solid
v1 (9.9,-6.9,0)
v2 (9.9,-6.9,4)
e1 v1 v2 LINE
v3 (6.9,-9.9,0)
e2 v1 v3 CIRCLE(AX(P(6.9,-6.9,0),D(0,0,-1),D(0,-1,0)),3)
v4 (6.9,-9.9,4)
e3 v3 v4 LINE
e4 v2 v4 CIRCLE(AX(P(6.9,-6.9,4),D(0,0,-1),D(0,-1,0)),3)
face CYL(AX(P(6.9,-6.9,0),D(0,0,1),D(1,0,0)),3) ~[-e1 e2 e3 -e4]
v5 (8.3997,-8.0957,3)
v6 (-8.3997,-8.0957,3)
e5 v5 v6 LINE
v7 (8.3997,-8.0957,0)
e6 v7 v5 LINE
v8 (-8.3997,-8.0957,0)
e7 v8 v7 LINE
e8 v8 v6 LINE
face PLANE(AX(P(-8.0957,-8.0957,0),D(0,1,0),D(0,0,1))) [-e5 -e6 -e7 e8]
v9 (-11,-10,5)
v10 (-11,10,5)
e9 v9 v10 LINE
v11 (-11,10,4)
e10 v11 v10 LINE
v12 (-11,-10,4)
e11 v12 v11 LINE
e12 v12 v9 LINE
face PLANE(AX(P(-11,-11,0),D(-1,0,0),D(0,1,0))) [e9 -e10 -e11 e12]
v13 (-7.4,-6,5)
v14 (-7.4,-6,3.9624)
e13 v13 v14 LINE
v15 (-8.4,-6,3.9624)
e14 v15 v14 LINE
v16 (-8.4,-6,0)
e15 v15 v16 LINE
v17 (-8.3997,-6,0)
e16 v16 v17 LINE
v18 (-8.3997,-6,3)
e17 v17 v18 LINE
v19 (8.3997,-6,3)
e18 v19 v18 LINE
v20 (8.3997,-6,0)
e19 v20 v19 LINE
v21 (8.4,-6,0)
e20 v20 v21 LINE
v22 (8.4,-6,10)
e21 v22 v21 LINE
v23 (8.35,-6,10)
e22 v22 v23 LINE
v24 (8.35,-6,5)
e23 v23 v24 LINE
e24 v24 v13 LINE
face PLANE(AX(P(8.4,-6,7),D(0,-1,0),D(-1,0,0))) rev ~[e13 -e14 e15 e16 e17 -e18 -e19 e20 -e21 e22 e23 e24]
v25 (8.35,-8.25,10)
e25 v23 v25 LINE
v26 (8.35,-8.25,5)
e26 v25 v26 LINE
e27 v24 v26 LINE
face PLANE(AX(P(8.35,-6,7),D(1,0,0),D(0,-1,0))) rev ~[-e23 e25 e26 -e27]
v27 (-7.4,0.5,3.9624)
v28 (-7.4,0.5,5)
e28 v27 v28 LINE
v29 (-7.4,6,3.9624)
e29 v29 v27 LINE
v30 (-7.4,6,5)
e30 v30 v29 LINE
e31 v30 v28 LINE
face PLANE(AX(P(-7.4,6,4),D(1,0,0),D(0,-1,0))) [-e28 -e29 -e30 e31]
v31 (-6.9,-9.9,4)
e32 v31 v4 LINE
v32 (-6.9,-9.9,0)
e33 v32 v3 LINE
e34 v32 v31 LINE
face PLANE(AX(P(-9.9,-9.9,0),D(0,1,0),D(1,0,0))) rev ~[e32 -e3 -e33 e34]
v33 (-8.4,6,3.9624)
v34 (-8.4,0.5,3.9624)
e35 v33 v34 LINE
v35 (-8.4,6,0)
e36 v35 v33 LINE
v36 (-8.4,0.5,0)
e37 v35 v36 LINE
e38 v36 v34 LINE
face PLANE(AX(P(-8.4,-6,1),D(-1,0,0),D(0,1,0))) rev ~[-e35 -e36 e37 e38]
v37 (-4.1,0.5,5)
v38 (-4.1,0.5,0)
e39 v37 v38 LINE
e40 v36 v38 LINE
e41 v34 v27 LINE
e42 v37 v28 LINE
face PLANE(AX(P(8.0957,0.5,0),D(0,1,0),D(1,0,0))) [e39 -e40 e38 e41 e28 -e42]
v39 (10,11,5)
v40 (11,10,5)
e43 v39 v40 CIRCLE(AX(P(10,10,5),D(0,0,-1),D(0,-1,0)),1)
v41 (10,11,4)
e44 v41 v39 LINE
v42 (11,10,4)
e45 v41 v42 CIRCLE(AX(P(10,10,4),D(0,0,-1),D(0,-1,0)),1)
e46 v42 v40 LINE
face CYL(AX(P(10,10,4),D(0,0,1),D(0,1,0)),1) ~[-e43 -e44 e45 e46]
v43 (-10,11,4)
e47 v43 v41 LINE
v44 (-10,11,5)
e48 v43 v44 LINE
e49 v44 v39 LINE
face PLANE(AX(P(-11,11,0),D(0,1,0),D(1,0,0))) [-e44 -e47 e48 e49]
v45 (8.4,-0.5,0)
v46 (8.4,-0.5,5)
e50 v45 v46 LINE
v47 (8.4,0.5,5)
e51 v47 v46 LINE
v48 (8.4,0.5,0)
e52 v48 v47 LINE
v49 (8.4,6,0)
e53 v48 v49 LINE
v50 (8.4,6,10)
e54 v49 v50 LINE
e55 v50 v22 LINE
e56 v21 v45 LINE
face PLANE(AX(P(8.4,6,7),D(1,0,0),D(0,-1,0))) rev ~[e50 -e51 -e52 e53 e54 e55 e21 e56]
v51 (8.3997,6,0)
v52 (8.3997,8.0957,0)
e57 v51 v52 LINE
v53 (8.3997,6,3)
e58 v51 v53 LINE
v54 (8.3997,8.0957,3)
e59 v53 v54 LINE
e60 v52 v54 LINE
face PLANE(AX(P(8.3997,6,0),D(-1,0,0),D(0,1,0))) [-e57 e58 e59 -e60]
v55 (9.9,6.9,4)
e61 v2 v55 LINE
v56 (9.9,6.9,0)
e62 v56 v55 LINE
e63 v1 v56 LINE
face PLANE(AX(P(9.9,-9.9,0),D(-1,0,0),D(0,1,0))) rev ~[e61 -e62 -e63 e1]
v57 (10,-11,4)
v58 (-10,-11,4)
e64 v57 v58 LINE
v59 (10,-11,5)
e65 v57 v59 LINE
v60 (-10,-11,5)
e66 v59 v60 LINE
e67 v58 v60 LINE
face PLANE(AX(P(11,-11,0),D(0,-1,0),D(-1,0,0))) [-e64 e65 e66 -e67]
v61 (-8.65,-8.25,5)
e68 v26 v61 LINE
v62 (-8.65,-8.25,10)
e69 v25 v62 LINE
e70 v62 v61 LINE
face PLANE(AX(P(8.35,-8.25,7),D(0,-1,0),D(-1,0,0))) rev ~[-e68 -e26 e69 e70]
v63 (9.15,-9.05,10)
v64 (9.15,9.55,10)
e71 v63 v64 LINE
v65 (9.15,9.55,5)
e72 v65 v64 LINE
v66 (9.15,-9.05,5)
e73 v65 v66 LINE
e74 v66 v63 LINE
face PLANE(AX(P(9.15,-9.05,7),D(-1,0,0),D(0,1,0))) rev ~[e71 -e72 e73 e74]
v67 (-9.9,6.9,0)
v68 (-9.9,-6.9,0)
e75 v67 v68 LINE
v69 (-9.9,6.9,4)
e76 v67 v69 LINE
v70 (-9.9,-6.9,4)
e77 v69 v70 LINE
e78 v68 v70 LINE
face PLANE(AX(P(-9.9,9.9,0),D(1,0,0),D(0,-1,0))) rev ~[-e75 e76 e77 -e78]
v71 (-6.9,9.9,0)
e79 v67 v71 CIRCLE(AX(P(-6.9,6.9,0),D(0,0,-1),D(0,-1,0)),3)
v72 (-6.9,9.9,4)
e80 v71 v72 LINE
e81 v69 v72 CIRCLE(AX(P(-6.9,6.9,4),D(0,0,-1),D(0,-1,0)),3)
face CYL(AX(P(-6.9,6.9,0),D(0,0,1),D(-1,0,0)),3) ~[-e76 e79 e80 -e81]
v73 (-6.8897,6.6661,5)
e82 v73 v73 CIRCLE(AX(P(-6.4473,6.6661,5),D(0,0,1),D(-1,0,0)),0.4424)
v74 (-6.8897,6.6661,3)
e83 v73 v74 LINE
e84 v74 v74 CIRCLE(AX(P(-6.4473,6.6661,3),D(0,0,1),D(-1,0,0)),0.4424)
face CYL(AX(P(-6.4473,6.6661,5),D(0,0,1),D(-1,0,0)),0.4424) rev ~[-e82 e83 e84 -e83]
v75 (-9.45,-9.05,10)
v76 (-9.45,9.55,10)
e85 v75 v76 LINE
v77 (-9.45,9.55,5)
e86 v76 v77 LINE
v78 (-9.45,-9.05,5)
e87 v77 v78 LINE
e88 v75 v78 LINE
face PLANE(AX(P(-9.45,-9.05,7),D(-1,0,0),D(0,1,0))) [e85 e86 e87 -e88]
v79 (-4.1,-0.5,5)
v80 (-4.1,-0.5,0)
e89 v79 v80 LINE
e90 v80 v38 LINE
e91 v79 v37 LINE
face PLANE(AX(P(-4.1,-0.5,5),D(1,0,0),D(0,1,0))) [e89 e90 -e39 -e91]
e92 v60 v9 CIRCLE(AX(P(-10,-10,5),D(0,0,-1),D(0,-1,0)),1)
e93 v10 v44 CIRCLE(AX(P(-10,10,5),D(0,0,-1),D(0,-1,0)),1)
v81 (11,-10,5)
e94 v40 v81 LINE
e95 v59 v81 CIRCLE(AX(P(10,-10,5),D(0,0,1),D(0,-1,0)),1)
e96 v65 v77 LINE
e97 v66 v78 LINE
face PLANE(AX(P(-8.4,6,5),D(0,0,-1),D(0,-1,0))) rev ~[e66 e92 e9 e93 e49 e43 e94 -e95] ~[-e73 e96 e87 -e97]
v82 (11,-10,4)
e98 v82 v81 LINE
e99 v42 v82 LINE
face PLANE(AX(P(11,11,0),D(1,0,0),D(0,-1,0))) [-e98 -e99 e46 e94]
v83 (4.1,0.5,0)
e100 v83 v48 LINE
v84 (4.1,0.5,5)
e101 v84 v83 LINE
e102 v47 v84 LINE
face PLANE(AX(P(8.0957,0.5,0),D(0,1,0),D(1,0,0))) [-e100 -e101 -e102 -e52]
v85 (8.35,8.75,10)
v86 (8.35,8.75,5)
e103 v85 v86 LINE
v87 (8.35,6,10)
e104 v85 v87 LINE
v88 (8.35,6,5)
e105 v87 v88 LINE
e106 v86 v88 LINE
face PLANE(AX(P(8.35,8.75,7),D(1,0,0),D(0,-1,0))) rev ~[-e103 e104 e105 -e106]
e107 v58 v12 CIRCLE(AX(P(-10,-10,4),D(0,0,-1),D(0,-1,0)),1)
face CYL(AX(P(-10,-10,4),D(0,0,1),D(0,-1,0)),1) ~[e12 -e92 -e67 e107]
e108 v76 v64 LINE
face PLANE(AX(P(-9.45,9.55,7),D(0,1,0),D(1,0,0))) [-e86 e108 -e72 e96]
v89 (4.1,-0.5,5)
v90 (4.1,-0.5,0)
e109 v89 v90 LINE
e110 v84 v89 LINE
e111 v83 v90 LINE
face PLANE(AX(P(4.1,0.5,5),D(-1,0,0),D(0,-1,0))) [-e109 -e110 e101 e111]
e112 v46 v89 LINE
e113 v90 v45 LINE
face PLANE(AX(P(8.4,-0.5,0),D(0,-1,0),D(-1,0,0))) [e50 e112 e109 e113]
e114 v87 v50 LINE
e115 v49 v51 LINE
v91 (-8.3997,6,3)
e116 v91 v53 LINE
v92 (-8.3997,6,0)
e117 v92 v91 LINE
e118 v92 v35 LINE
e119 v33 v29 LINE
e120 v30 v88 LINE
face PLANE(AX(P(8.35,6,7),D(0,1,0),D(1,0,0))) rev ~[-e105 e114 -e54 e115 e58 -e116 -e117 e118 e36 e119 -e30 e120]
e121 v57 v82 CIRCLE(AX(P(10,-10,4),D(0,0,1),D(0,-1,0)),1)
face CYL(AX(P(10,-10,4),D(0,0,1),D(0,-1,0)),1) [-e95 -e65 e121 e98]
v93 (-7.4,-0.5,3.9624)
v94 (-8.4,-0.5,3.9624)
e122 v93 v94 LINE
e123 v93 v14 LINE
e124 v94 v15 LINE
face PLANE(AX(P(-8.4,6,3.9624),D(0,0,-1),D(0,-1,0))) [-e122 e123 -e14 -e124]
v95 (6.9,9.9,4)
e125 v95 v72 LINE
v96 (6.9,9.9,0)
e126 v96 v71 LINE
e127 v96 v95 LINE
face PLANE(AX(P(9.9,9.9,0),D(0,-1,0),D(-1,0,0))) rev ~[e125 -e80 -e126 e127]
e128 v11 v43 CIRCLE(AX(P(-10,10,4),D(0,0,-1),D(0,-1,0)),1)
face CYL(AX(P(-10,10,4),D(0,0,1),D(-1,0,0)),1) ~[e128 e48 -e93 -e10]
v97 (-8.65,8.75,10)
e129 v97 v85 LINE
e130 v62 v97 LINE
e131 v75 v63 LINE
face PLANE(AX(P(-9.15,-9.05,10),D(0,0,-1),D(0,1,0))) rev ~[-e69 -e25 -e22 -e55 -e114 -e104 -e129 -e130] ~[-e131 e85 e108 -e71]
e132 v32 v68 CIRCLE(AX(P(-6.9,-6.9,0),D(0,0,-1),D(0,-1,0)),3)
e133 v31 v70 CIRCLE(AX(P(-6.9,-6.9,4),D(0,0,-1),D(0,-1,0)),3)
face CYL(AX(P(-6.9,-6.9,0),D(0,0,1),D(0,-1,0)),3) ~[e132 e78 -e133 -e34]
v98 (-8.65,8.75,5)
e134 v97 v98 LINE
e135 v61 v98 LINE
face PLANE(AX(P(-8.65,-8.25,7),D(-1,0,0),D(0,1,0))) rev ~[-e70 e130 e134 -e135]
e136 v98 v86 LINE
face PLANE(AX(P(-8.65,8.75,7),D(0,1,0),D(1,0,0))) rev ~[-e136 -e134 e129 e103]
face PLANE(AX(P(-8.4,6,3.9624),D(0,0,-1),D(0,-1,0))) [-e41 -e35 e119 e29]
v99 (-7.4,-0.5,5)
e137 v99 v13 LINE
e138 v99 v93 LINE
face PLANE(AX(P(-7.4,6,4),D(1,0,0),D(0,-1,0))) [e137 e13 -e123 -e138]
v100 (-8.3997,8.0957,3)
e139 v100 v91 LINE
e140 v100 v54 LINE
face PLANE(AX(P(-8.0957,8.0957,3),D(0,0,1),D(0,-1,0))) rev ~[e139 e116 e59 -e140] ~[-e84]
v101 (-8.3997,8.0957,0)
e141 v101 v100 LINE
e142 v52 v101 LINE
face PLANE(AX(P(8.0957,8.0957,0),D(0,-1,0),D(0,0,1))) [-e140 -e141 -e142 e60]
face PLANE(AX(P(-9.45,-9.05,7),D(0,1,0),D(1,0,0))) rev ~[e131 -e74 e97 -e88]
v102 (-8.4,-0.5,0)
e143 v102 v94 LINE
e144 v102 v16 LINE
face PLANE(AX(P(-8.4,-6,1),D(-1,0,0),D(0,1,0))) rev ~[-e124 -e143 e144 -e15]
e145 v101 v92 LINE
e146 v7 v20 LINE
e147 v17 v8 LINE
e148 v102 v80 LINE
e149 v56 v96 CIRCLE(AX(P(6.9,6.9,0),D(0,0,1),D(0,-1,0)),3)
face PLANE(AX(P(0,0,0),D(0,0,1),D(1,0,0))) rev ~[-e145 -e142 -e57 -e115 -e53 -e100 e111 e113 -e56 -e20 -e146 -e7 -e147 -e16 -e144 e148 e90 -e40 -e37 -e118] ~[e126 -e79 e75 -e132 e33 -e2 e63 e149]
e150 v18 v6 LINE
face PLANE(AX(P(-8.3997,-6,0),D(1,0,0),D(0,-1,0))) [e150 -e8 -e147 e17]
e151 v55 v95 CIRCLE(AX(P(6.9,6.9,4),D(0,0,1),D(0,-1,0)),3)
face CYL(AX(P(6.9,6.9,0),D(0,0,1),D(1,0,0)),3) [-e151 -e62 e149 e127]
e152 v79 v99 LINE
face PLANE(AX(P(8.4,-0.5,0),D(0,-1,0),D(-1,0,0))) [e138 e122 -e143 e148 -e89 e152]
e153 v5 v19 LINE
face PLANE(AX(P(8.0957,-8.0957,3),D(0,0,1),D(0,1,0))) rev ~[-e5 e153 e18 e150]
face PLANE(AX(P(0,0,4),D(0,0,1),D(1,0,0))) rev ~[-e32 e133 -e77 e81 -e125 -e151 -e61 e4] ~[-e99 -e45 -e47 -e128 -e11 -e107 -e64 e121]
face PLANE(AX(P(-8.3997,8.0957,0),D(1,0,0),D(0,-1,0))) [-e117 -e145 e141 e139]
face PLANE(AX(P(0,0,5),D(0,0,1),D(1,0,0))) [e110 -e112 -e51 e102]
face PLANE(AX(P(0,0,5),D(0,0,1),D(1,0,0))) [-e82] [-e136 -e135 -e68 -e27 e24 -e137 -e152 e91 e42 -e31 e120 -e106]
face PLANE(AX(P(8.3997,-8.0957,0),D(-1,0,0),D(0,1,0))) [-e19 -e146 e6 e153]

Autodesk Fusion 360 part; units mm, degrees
sketch "Sketch1" plane through (0, 0, 0) normal (0, 0, 1) x (1, 0, 0)
  line L0 (9.9, 9.9) -> (-9.9, 9.9)
  line L1 (-9.9, 9.9) -> (-9.9, -9.9)
  line L2 (-9.9, -9.9) -> (9.9, -9.9)
  line L3 (9.9, -9.9) -> (9.9, 9.9)
  line L4 (9.9, 9.9) -> (-9.9, -9.9) construction
  line L5 (-9.9, 9.9) -> (9.9, -9.9) construction
  line L6 (11, -11) -> (-11, -11)
  line L7 (-11, -11) -> (-11, 11)
  line L8 (-11, 11) -> (11, 11)
  line L9 (11, 11) -> (11, -11)
  line L10 (11, -11) -> (-11, 11) construction
  line L11 (-11, -11) -> (11, 11) construction
  line L12 (8.9, -8.9) -> (-8.9, -8.9)
  line L13 (-8.9, -8.9) -> (-8.9, 8.9)
  line L14 (-8.9, 8.9) -> (8.9, 8.9)
  line L15 (8.9, 8.9) -> (8.9, -8.9)
  line L16 (8.9, -8.9) -> (-8.9, 8.9) construction
  line L17 (-8.9, -8.9) -> (8.9, 8.9) construction
  line L18 (8.4, -6) -> (-8.4, -6)
  line L19 (-8.4, -6) -> (-8.4, 6)
  line L20 (-8.4, 6) -> (8.4, 6)
  line L21 (8.4, 6) -> (8.4, -6)
  line L22 (8.4, -6) -> (-8.4, 6) construction
  line L23 (-8.4, -6) -> (8.4, 6) construction
  line L24 (8.0957, 8.0957) -> (-8.0957, 8.0957)
  line L25 (-8.0957, 8.0957) -> (-8.0957, -8.0957)
  line L26 (-8.0957, -8.0957) -> (8.0957, -8.0957)
  line L27 (8.0957, -8.0957) -> (8.0957, 8.0957)
  line L28 (8.0957, 8.0957) -> (-8.0957, -8.0957) construction
  line L29 (-8.0957, 8.0957) -> (8.0957, -8.0957) construction
  line L30 (8.9, -0.5) -> (-8.9, -0.5)
  line L31 (-8.9, -0.5) -> (-8.9, 0.5)
  line L32 (-8.9, 0.5) -> (8.9, 0.5)
  line L33 (8.9, 0.5) -> (8.9, -0.5)
  line L34 (8.9, -0.5) -> (-8.9, 0.5) construction
  line L35 (-8.9, -0.5) -> (8.9, 0.5) construction
  dimension "d1" = 19.8
  dimension "d2" = 19.8
  dimension "d3" = 22
  dimension "d4" = 22
  dimension "d5" = 17.8
  dimension "d6" = 17.8
  dimension "d7" = 16.8
  dimension "d8" = 12
  dimension "d53" = 1
extrude "Extrude1" add sketch "Sketch1" along normal blind 1 contours L12 L13 L15 L18 L19 L21 L25 L26 L27 L30 | L15 L21 L30 L32 L33 | L13 L19 L30 L31 L32 | L13 L14 L15 L19 L20 L21 L24 L25 L27 L32 | L18 L25 L26 L27 | L20 L24 L25 L27
extrude "Extrude2" add sketch "Sketch1" along normal blind 4 contours L0 L1 L2 L3
extrude "Extrude3" add sketch "Sketch1" along normal blind 5 contours L6 L7 L8 L9
extrude "Extrude4" cut sketch "Sketch1" along normal blind 4 contours L6 L7 L8 L9
extrude "Extrude5" add 1 faces at (-9.5667, -2.9667, 4) along direction (0, 0, 1) blind 1
fillet "Fillet1" radius 3 1 edges at (9.9, -9.9, 2)
fillet "Fillet2" radius 3 1 edges at (-9.9, -9.9, 2)
fillet "Fillet3" radius 3 2 edges at (-9.9, 9.9, 2) (9.9, 9.9, 2)
fillet "Fillet4" radius 1 4 edges at (-11, -11, 4.5) (-11, 11, 4.5) (11, -11, 4.5) (11, 11, 4.5)
extrude "Extrude6" add 1 faces at (-2.8, -7.9333, 1) along direction (0, 0, 1) blind 5
extrude "Extrude7" cut sketch "Sketch1" along normal blind 3 contours L18 L25 L26 L27 | L20 L24 L25 L27
extrude "Extrude8" cut 1 faces at (-8.0957, 7.3972, 1) along direction (-1, 0, 0) blind 0.304
extrude "Extrude9" cut 1 faces at (8.0957, 6.6986, 1) along direction (1, 0, 0) blind 0.304
extrude "Extrude10" cut 1 faces at (8.0957, -7.3972, 1) along direction (1, 0, 0) blind 0.304
extrude "Extrude11" cut 1 faces at (-8.0957, -6.6986, 1) along direction (-1, 0, 0) blind 0.304
sketch "Sketch2" plane through (8.4, 0, 0) normal (-1, 0, 0) x (0, -1, 0)
  line L0 (-6, 0) -> (6, 0)
  line L1 (6, 0) -> (6, 6)
  line L2 (6, 6) -> (-6, 6)
  line L3 (-6, 6) -> (-6, 0)
  line L4 (-6, 6) -> (6, 6)
  line L5 (6, 6) -> (6, 4.0166)
  line L6 (6, 4.0166) -> (-6, 4.0166)
  line L7 (-6, 4.0166) -> (-6, 6)
extrude "Extrude12" add sketch "Sketch2" along normal blind 1 contours L1 L2 L3 L4 L5 L6 L7
sketch "Sketch3" plane through (-8.4, 0, 0) normal (1, 0, 0) x (0, 1, 0)
  line L0 (-6, 0) -> (6, 0)
  line L1 (6, 0) -> (6, 6)
  line L2 (6, 6) -> (-6, 6)
  line L3 (-6, 6) -> (-6, 0)
  line L4 (-6, 6) -> (6, 6)
  line L5 (6, 6) -> (6, 3.9624)
  line L6 (6, 3.9624) -> (-6, 3.9624)
  line L7 (-6, 3.9624) -> (-6, 6)
extrude "Extrude13" add sketch "Sketch3" along normal blind 1 contours L1 L2 L3 L4 L5 L6 L7
extrude "Extrude14" cut 1 faces at (-2.4667, 7.9333, 6) along direction (0, 0, -1) blind 2
extrude "Extrude15" add 1 faces at (-2.4667, 7.9333, 4) along direction (0, 0, 1) blind 1
sketch "TOP BUTTON GUIDE" plane through (0, 0, 5) normal (0, 0, 1) x (-1, 0, 0)
  line L0 (-8.4, 6) -> (7.4, 6)
  line L1 (7.4, 6) -> (7.4, -6)
  line L2 (7.4, -6) -> (-8.4, -6)
  line L3 (-8.4, -6) -> (-8.4, 6)
  arc A0 (-11, -10) -> (-10, -11) centre (-10, -10) ccw
  line L4 (-10, -11) -> (10, -11)
  arc A1 (10, -11) -> (11, -10) centre (10, -10) ccw
  line L5 (11, -10) -> (11, 10)
  arc A2 (11, 10) -> (10, 11) centre (10, 10) ccw
  line L6 (10, 11) -> (-10, 11)
  arc A3 (-10, 11) -> (-11, 10) centre (-10, 10) ccw
  line L7 (-11, 10) -> (-11, -10)
  line L8 (-8.35, 8.25) -> (8.35, 8.25)
  line L9 (8.35, 8.25) -> (8.35, -8.25)
  line L10 (8.35, -8.25) -> (-8.35, -8.25)
  line L11 (-8.35, -8.25) -> (-8.35, 8.25)
  line L12 (-8.35, 8.25) -> (8.35, -8.25) construction
  line L13 (8.35, 8.25) -> (-8.35, -8.25) construction
  line L14 (-9.15, 9.05) -> (9.15, 9.05)
  line L15 (9.15, 9.05) -> (9.15, -9.05)
  line L16 (9.15, -9.05) -> (-9.15, -9.05)
  line L17 (-9.15, -9.05) -> (-9.15, 9.05)
  line L18 (-9.15, 9.05) -> (9.15, -9.05) construction
  line L19 (9.15, 9.05) -> (-9.15, -9.05) construction
  dimension "d47" = 16.7
  dimension "d48" = 16.5
  dimension "d49" = 18.3
  dimension "d50" = 18.1
extrude "Extrude16" add sketch "TOP BUTTON GUIDE" along normal blind 2 contours L14 L15 L16 L17
extrude "Extrude17" add sketch "Sketch1" along normal blind 5 contours L21 L27 L30 L32 | L19 L25 L30 L32 | L25 L27 L30 L32
sketch "Sketch5" plane through (0, 0, 5) normal (0, 0, 1) x (-1, 0, 0)
  line L0 (7.4, -0.5) -> (7.4, -6)
  line L1 (7.4, -6) -> (-8.35, -6)
  line L2 (-8.35, -6) -> (-8.35, -8.25)
  line L3 (-8.35, -8.25) -> (8.35, -8.25)
  line L4 (8.35, -8.25) -> (8.35, 8.25)
  line L5 (8.35, 8.25) -> (-8.35, 8.25)
  line L6 (-8.35, 8.25) -> (-8.35, 6)
  line L7 (-8.35, 6) -> (7.4, 6)
  line L8 (7.4, 6) -> (7.4, 0.5)
  line L9 (7.4, 0.5) -> (-8.4, 0.5)
  line L10 (-8.4, 0.5) -> (-8.4, -0.5)
  line L11 (-8.4, -0.5) -> (7.4, -0.5)
  line L12 (-3.5, 1.3147) -> (3.5, 1.3147)
  line L13 (3.5, 1.3147) -> (3.5, -1.3147)
  line L14 (3.5, -1.3147) -> (-3.5, -1.3147)
  line L15 (-3.5, -1.3147) -> (-3.5, 1.3147)
  line L16 (-3.5, 1.3147) -> (3.5, -1.3147) construction
  line L17 (3.5, 1.3147) -> (-3.5, -1.3147) construction
  dimension "d56" = 7
extrude "Extrude18" cut sketch "Sketch5" against normal blind 6 contours L9 L11 L13 L15
extrude "Extrude19" cut 1 faces at (-2.7833, 8.25, 5.6667) along direction (0, 1, 0) blind 0.5
extrude "Extrude20" add 1 faces at (-3.05, 9.05, 5.6667) along direction (0, 1, 0) blind 0.5
extrude "Extrude21" cut 1 faces at (-8.35, 3.0833, 6.3333) along direction (-1, 0, 0) blind 0.3
extrude "Extrude22" add 1 faces at (-9.15, 3.35, 5.6667) along direction (-1, 0, 0) blind 0.3
sketch "Sketch6" plane through (0, 0, 5) normal (0, 0, 1) x (-1, 0, 0)
  line L0 (3.5, 0.5) -> (3.5, -0.5)
  line L1 (3.5, -0.5) -> (7.4, -0.5)
  line L2 (7.4, -0.5) -> (7.4, -6)
  line L3 (7.4, -6) -> (-8.35, -6)
  line L4 (-8.35, -6) -> (-8.35, -8.75)
  line L5 (-8.35, -8.75) -> (8.65, -8.75)
  line L6 (8.65, -8.75) -> (8.65, 8.25)
  line L7 (8.65, 8.25) -> (-8.35, 8.25)
  line L8 (-8.35, 8.25) -> (-8.35, 6)
  line L9 (-8.35, 6) -> (7.4, 6)
  line L10 (7.4, 6) -> (7.4, 0.5)
  line L11 (7.4, 0.5) -> (3.5, 0.5)
  circle A0 centre (6.4473, -6.6661) radius 0.4424
extrude "Extrude23" cut sketch "Sketch6" against normal blind 2 contours A0
extrude "Extrude24" cut 1 faces at (-3.5, -0.1667, 3.3333) along direction (-1, 0, 0) blind 0.6
extrude "Extrude25" cut 1 faces at (3.5, 0.1667, 3.3333) along direction (1, 0, 0) blind 0.6
extrude "Extrude26" add 1 faces at (-9.1833, -2.5833, 7) along direction (0, 0, 1) blind 5
extrude "Extrude27" cut 1 faces at (-9.1833, -2.5833, 12) along direction (0, 0, -1) blind 2
